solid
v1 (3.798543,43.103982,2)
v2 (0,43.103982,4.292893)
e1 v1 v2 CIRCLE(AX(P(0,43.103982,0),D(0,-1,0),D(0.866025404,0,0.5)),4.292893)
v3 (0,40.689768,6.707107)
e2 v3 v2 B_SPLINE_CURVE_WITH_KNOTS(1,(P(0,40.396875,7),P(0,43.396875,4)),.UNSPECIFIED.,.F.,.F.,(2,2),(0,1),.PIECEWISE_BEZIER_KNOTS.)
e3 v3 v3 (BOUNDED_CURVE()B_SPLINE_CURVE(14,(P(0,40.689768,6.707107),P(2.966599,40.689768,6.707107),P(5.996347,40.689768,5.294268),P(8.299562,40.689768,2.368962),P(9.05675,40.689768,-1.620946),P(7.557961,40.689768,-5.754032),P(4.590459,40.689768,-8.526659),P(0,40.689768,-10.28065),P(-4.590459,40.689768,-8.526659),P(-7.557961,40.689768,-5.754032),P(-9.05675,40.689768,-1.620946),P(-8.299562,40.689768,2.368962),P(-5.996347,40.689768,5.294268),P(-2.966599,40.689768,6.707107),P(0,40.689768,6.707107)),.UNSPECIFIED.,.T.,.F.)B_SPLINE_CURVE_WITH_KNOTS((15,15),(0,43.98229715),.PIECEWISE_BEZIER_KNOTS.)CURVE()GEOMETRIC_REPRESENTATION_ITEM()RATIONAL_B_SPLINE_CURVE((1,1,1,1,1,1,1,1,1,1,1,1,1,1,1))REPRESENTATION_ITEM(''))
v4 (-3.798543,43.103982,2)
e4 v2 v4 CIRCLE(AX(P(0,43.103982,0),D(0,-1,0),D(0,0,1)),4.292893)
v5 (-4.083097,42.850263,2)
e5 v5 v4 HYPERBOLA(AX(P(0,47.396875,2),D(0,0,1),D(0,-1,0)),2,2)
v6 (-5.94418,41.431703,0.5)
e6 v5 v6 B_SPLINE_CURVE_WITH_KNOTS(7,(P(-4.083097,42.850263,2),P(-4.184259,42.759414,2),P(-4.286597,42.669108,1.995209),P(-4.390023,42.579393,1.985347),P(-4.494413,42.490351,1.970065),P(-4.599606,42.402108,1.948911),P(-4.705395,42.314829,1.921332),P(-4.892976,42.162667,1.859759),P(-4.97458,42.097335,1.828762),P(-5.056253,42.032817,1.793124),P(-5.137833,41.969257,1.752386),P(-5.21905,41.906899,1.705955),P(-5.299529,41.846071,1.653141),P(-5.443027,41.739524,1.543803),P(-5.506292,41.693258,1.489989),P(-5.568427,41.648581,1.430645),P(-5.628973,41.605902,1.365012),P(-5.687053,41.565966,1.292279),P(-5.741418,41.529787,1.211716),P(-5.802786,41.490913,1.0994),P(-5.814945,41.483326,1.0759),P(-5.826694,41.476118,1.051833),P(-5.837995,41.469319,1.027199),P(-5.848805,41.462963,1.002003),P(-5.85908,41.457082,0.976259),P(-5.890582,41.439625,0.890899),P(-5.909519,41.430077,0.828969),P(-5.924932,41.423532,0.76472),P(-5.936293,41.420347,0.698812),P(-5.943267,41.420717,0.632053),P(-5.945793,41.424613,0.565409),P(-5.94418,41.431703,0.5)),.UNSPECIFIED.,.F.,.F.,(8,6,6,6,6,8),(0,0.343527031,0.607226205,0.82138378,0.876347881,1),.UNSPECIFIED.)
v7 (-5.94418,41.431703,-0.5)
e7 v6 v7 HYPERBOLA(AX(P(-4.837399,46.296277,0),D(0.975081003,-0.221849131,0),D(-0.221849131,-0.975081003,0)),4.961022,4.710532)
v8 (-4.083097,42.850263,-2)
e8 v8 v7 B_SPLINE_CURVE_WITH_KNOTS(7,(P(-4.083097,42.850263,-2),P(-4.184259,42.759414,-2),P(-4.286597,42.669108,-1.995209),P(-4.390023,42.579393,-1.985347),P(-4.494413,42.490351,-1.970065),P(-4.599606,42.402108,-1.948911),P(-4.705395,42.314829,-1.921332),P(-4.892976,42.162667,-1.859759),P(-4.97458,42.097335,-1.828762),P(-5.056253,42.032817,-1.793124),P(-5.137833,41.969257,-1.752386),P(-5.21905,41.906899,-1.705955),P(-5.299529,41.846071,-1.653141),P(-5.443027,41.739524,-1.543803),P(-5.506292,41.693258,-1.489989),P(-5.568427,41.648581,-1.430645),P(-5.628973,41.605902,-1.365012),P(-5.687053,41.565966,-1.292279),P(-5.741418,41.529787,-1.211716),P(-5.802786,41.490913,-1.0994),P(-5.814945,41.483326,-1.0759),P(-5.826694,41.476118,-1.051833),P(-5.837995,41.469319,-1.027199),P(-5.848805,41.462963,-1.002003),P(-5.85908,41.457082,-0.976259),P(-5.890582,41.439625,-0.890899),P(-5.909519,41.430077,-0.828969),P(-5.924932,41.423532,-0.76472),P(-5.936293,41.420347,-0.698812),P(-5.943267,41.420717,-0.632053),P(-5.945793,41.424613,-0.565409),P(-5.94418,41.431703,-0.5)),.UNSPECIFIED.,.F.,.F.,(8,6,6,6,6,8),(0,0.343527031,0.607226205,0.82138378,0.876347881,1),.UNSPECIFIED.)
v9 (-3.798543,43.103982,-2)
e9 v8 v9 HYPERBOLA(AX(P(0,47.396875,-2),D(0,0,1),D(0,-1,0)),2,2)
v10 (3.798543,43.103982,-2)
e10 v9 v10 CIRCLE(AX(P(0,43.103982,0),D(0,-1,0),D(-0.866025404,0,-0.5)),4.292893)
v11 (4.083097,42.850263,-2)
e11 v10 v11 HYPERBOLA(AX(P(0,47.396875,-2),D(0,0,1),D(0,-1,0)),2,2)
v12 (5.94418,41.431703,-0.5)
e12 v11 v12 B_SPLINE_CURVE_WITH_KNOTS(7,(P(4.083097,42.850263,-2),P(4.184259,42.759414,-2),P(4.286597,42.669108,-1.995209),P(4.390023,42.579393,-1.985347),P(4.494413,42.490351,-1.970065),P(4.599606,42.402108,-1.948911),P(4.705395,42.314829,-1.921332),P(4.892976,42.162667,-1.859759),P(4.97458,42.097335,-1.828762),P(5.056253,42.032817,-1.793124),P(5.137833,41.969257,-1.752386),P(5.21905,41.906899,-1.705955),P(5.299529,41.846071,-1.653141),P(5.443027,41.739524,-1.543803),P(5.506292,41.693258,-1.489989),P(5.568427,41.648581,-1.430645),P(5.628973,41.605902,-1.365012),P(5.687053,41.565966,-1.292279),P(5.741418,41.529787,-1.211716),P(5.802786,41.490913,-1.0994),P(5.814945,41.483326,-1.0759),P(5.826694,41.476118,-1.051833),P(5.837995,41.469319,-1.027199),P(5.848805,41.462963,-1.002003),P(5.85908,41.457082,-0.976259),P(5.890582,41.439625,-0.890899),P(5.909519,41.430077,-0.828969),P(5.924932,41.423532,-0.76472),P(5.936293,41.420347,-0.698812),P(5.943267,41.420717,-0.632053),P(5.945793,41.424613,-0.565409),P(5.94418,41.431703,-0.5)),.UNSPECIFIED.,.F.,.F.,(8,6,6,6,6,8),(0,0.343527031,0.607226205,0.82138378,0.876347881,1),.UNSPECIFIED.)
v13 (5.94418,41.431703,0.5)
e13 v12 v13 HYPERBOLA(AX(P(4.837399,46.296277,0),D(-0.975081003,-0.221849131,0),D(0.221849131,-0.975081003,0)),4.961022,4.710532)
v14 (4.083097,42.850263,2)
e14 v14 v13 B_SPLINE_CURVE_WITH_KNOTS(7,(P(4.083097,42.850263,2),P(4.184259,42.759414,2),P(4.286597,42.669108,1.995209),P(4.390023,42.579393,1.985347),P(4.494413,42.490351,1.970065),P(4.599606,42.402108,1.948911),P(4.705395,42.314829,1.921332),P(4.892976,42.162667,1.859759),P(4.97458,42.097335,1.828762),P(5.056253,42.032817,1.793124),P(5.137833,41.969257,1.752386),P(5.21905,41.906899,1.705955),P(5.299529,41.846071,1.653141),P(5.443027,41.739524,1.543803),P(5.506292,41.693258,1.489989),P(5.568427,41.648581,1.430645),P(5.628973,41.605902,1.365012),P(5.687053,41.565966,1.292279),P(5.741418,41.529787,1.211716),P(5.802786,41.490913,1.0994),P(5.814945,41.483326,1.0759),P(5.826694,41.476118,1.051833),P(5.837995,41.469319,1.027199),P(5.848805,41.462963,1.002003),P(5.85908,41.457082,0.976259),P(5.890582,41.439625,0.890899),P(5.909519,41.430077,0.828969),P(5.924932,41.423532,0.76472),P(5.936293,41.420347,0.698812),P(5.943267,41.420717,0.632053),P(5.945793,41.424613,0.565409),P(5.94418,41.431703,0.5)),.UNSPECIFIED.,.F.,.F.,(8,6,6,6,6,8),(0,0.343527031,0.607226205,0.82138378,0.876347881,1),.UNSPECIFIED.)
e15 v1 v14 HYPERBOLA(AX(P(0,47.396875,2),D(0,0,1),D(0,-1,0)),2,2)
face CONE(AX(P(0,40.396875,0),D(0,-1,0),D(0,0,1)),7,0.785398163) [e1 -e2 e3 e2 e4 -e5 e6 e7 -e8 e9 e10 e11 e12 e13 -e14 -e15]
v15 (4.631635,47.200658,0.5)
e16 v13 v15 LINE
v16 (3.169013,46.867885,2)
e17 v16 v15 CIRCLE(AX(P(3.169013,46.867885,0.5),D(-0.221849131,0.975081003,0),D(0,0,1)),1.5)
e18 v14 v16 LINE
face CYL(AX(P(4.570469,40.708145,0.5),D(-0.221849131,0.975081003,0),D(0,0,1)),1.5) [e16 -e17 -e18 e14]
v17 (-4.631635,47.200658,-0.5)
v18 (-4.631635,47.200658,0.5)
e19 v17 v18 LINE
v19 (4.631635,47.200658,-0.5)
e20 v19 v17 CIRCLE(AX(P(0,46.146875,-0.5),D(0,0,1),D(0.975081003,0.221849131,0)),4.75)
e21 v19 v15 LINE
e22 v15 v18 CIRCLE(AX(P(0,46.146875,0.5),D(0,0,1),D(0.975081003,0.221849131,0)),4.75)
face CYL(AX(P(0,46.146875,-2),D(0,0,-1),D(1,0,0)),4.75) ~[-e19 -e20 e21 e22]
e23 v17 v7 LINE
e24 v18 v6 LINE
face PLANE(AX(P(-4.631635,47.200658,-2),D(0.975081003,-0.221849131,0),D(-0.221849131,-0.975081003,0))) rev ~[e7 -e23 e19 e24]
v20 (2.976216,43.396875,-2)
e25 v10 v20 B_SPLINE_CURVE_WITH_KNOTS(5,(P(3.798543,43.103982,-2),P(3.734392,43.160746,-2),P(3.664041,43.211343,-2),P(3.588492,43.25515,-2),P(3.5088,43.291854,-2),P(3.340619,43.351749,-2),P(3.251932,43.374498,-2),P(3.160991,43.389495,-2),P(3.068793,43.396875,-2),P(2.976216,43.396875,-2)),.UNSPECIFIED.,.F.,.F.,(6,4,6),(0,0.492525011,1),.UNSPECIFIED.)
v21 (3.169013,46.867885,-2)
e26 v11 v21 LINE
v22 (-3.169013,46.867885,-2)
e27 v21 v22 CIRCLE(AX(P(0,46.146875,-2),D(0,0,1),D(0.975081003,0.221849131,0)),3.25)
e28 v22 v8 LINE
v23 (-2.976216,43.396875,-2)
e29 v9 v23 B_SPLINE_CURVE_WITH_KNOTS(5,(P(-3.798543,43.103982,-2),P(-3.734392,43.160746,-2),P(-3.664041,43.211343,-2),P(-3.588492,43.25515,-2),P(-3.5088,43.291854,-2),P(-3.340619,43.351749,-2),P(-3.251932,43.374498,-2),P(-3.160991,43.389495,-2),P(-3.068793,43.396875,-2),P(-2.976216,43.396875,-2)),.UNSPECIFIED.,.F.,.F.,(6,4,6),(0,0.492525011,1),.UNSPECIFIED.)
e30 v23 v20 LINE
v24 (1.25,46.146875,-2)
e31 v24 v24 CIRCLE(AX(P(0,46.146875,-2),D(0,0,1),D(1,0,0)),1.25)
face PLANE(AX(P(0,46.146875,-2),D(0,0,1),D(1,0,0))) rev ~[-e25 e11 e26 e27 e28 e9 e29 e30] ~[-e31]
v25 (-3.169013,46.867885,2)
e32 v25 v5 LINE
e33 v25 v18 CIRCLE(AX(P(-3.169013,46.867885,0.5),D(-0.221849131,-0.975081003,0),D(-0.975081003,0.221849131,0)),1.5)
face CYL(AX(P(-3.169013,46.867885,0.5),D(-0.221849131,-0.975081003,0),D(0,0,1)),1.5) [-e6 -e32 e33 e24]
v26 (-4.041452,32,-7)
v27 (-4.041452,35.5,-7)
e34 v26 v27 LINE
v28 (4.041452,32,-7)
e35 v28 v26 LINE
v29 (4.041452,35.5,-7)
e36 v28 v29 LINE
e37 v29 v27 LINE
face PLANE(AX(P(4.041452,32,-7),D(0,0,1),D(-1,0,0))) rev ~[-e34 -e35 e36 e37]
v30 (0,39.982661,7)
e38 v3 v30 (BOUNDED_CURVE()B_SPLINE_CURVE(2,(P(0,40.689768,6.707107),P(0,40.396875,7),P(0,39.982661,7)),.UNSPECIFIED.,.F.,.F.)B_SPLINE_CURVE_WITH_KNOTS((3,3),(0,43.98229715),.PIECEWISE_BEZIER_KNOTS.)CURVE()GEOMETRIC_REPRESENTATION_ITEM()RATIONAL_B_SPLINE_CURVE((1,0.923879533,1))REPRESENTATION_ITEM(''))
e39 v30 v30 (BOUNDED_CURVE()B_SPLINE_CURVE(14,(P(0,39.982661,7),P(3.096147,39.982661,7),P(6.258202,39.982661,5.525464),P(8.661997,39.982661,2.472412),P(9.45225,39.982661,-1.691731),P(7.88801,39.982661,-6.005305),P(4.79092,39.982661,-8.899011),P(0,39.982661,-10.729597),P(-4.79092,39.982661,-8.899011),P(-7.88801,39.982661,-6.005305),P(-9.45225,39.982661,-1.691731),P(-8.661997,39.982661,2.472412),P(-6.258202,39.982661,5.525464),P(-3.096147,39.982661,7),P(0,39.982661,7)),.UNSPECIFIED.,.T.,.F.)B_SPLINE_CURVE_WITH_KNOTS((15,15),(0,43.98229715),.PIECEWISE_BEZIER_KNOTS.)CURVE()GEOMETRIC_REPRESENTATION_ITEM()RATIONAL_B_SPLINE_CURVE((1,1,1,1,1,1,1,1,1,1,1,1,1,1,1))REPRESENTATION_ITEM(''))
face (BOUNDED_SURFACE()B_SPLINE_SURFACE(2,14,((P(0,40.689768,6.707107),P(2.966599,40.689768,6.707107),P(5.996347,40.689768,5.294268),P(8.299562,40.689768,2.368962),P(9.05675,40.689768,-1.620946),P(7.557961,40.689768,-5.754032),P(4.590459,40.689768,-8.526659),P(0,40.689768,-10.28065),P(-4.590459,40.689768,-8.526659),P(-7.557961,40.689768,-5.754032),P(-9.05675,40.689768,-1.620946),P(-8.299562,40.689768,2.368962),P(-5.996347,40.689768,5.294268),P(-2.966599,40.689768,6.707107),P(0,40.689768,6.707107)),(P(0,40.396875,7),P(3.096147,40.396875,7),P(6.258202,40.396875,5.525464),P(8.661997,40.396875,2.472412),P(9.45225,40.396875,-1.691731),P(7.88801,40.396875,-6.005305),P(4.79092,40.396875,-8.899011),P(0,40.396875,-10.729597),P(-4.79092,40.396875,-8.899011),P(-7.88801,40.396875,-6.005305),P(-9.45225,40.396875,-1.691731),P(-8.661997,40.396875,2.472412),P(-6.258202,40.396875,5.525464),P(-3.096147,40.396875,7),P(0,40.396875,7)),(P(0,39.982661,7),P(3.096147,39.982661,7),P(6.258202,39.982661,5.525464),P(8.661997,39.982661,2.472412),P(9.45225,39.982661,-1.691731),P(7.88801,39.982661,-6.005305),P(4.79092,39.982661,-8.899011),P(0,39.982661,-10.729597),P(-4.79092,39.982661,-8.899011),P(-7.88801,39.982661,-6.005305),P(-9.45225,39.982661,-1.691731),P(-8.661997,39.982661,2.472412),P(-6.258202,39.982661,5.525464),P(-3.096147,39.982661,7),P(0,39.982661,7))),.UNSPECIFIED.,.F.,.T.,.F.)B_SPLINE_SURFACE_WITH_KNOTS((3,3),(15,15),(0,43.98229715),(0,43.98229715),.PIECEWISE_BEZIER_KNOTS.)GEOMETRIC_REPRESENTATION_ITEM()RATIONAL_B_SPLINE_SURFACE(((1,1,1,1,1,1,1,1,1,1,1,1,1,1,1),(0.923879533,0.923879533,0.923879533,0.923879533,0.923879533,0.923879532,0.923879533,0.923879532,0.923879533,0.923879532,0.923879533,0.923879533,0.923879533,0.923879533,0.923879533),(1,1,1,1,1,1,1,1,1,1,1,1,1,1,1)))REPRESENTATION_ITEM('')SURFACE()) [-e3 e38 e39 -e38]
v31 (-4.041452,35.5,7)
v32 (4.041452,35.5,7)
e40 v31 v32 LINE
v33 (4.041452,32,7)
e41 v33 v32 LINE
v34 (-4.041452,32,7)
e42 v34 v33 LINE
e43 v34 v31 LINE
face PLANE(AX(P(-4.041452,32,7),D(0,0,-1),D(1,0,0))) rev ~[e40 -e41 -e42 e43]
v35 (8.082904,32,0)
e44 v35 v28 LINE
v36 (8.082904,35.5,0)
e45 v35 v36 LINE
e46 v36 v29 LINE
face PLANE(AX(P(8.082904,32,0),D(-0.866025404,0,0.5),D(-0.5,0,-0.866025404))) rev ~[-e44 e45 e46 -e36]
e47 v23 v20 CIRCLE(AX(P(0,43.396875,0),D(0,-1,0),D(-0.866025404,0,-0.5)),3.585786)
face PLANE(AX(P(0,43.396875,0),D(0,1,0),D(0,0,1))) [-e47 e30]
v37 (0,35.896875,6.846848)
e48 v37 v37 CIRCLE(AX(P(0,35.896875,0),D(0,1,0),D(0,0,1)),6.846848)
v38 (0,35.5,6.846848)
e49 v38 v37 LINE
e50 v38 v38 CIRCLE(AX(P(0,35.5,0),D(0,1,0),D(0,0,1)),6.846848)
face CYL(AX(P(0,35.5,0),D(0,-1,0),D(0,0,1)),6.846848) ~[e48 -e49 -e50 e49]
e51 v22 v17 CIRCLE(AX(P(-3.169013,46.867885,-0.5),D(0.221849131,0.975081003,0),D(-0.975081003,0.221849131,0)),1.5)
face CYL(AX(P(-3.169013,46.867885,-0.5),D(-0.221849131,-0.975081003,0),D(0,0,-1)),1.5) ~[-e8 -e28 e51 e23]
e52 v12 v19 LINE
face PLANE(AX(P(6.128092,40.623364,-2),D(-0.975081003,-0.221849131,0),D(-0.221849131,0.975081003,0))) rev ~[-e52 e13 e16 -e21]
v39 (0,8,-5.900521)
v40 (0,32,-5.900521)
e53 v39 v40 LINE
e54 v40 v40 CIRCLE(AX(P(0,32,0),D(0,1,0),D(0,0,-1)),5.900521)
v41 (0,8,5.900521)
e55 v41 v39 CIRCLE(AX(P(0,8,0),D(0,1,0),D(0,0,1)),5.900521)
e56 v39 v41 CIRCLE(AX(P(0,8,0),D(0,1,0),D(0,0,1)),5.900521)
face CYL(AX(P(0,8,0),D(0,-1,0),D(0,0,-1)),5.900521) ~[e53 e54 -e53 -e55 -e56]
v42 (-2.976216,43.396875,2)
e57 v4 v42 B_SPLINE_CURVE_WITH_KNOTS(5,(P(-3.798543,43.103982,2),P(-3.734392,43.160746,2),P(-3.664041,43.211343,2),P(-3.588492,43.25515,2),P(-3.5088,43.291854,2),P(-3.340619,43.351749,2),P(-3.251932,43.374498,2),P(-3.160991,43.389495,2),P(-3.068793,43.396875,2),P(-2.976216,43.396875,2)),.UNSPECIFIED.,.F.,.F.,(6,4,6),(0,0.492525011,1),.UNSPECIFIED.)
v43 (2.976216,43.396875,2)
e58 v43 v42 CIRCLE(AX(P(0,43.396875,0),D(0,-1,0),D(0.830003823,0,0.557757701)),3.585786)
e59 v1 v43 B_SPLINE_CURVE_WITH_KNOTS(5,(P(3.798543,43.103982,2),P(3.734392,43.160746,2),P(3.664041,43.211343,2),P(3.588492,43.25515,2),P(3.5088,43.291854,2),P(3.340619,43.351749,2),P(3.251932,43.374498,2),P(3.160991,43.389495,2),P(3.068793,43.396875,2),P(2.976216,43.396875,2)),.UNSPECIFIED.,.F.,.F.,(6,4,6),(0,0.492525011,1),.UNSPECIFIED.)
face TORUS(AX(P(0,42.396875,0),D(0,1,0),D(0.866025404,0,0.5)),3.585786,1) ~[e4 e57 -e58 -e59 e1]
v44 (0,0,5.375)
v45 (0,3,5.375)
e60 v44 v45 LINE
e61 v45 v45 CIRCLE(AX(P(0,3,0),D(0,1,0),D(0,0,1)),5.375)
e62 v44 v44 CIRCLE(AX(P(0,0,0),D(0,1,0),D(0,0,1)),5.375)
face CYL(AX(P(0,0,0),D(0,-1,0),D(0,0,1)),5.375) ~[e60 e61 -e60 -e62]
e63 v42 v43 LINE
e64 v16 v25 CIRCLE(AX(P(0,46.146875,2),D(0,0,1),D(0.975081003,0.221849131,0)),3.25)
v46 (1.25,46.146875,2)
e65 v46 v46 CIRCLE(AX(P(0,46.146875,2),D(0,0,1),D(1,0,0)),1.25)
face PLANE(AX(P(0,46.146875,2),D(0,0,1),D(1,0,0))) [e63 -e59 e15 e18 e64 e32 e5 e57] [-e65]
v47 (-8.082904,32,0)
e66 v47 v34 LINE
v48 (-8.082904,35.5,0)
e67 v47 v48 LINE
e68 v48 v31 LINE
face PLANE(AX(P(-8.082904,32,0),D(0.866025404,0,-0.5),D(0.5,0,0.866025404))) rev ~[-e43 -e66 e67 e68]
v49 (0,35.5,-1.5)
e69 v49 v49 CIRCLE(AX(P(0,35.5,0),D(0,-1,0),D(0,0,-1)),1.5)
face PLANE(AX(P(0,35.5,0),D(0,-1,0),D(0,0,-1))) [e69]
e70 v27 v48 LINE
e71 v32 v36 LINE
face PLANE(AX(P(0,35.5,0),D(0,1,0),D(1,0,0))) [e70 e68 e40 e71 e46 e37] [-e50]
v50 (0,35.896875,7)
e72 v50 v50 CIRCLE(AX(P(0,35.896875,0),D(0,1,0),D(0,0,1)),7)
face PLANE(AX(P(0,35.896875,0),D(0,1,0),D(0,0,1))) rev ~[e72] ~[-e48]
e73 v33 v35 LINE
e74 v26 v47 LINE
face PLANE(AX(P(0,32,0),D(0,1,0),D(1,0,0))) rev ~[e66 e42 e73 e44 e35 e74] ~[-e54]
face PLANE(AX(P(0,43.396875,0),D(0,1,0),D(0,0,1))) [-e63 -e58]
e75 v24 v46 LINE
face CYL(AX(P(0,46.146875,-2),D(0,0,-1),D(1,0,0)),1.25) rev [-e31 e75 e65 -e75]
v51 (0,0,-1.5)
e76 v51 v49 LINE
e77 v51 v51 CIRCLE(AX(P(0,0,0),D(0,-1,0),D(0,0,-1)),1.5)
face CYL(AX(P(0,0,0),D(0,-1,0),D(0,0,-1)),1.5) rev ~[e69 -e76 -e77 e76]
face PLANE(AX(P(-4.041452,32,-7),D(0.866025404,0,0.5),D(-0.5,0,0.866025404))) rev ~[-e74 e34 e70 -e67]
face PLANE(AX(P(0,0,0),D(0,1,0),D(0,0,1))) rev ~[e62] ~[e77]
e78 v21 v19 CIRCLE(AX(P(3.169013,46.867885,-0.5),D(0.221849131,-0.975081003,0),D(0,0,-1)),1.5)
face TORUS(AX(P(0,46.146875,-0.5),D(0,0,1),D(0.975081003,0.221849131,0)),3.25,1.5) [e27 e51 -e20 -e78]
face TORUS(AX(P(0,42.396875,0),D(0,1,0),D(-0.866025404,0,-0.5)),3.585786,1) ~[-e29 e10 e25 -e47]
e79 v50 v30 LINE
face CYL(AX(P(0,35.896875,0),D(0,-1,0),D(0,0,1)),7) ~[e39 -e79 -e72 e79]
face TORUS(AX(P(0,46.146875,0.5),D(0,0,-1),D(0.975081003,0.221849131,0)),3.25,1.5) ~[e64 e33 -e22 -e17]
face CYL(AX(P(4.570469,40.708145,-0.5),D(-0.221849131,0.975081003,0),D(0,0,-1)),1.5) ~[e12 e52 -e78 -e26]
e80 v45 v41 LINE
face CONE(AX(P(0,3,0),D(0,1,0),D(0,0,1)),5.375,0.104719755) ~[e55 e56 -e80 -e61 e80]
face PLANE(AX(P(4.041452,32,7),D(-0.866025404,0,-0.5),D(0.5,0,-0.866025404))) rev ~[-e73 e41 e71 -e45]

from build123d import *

# Parameters (mm, degrees)
SKETCH1_R                = 5.375
BOSS_EXTRUDE1_DEPTH      = 3
SKETCH2_R                = 5.375
BOSS_EXTRUDE2_DEPTH      = 5
BOSS_EXTRUDE2_DRAFT      = -6
SKETCH3_R                = 5.900521176
BOSS_EXTRUDE3_DEPTH      = 24
BOSS_EXTRUDE4_DEPTH      = 3.5
SKETCH6_R                = 6.846847864
BOSS_EXTRUDE5_DEPTH      = 0.396875
SKETCH7_R                = 7
BOSS_EXTRUDE6_DEPTH      = 4.5
SKETCH8_R                = 7
BOSS_EXTRUDE7_DEPTH      = 3
BOSS_EXTRUDE7_TAPER      = 45
BOSS_EXTRUDE8_DEPTH      = 2
BOSS_EXTRUDE8_DEPTH_BACK = 2
SKETCH9_R                = 4.75
SKETCH9_R_2              = 1.25
FILLET1_R                = 1
FILLET2_R                = 1.5
SKETCH10_R               = 1.5
CUT_EXTRUDE1_DEPTH       = 35.5


with BuildPart() as part:
    # Sketch1 → Boss-Extrude1 (new body)
    with BuildSketch(Plane(origin=(0, 0, 0), x_dir=(1, 0, 0), z_dir=(0, 1, 0))):
        with Locations(Location((0, 0, 0), (0, 0, 270))):
            Circle(SKETCH1_R)
    extrude(amount=BOSS_EXTRUDE1_DEPTH)


with BuildPart() as boss_extrude2_tool:
    # Sketch2 → Boss-Extrude2 (with draft: the straight prism first)
    with BuildSketch(Plane(origin=(0, 3, 0), x_dir=(1, 0, 0), z_dir=(0, 1, 0))):
        with Locations(Location((0, 0, 0), (0, 0, 270))):
            Circle(SKETCH2_R)
    extrude(amount=BOSS_EXTRUDE2_DEPTH)
    # Boss-Extrude2: the draft: its side faces are tilted about the plane it starts from
    boss_extrude2_sides = [boss_extrude2_tool.faces().sort_by_distance(p)[0] for p in [
        (0, 5.5, -5.375),
    ]]
    draft(boss_extrude2_sides, Plane(origin=(0, 3, 0), x_dir=(1, 0, 0), z_dir=(0, 1, 0)), BOSS_EXTRUDE2_DRAFT)


with BuildPart() as part_1:
    add(part.part)

    # Boss-Extrude2: add boss_extrude2_tool
    add(boss_extrude2_tool.part)

    # Sketch3 → Boss-Extrude3 (add)
    with BuildSketch(Plane(origin=(0, 8, 0), x_dir=(1, 0, 0), z_dir=(0, 1, 0))):
        with Locations(Location((0, 0, 0), (0, 0, 90))):
            Circle(SKETCH3_R)
    extrude(amount=BOSS_EXTRUDE3_DEPTH)

    # Sketch5 → Boss-Extrude4 (add)
    with BuildSketch(Plane(origin=(0, 32, 0), x_dir=(1, 0, 0), z_dir=(0, 1, 0))):
        Polygon((-4.041451884, 7), (-8.082903769, 0), (-4.041451884, -7), (4.041451884, -7), (8.082903769, 0), (4.041451884, 7), align=None)
    extrude(amount=BOSS_EXTRUDE4_DEPTH)

    # Sketch6 → Boss-Extrude5 (add)
    with BuildSketch(Plane(origin=(0, 35.5, 0), x_dir=(1, 0, 0), z_dir=(0, 1, 0))):
        with Locations(Location((0, 0, 0), (0, 0, 270))):
            Circle(SKETCH6_R)
    extrude(amount=BOSS_EXTRUDE5_DEPTH)

    # Sketch7 → Boss-Extrude6 (add)
    with BuildSketch(Plane(origin=(0, 35.896875, 0), x_dir=(1, 0, 0), z_dir=(0, 1, 0))):
        with Locations(Location((0, 0, 0), (0, 0, 270))):
            Circle(SKETCH7_R)
    extrude(amount=BOSS_EXTRUDE6_DEPTH)

    # Sketch8 → Boss-Extrude7 (add)
    with BuildSketch(Plane(origin=(0, 40.396875, 0), x_dir=(1, 0, 0), z_dir=(0, 1, 0))):
        with Locations(Location((0, 0, 0), (0, 0, 270))):
            Circle(SKETCH8_R)
    extrude(amount=BOSS_EXTRUDE7_DEPTH, taper=BOSS_EXTRUDE7_TAPER)

    # Sketch9 → Boss-Extrude8 (add, two sides: drawn at the far end of the back side and taken through both)
    # profile 1 of 2: a face of its own
    with BuildSketch(Plane.XY.offset(-BOSS_EXTRUDE8_DEPTH_BACK)):
        with Locations((0, 46.146875)):
            Circle(SKETCH9_R)
        with Locations((0, 46.146875)):
            Circle(SKETCH9_R_2, mode=Mode.SUBTRACT)
    # profile 2 of 2: a face of its own
    with BuildSketch(Plane.XY.offset(-BOSS_EXTRUDE8_DEPTH_BACK)):
        with BuildLine():
            Line((6.128092044, 40.623363897), (4.631634766, 47.200658372))
            ThreePointArc((4.631634766, 47.200658372), (4.72031594, 46.677080084), (4.75, 46.146875))
            ThreePointArc((4.75, 46.146875), (-0.530205084, 41.42655906), (-4.631634766, 47.200658372))
            Line((-4.631634766, 47.200658372), (-6.128092044, 40.623363897))
            Line((-6.128092044, 40.623363897), (6.128092044, 40.623363897))
        make_face()
    extrude(amount=BOSS_EXTRUDE8_DEPTH + BOSS_EXTRUDE8_DEPTH_BACK)

    # Fillet1
    fillet1_edges = [part_1.edges().sort_by_distance(p)[0] for p in [
        (2, 43.396875, 3.464101615),
        (0, 40.396875, -7),
        (0, 43.396875, -4),
    ]]
    fillet(fillet1_edges, radius=FILLET1_R)

    # Fillet2
    fillet2_edges = [part_1.edges().sort_by_distance(p)[0] for p in [
        (-5.332362658, 44.120788493, -2),
        (0, 50.896875, -2),
        (-5.332362658, 44.120788493, 2),
        (0, 50.896875, 2),
        (5.332362658, 44.120788493, -2),
        (5.332362658, 44.120788493, 2),
    ]]
    fillet(fillet2_edges, radius=FILLET2_R)

    # Sketch10 → Cut-Extrude1 (cut)
    with BuildSketch(Plane.XZ):
        with Locations(Location((0, 0, 0), (0, 0, 270))):
            Circle(SKETCH10_R)
    extrude(amount=-CUT_EXTRUDE1_DEPTH, mode=Mode.SUBTRACT)


solid = part_1.part
